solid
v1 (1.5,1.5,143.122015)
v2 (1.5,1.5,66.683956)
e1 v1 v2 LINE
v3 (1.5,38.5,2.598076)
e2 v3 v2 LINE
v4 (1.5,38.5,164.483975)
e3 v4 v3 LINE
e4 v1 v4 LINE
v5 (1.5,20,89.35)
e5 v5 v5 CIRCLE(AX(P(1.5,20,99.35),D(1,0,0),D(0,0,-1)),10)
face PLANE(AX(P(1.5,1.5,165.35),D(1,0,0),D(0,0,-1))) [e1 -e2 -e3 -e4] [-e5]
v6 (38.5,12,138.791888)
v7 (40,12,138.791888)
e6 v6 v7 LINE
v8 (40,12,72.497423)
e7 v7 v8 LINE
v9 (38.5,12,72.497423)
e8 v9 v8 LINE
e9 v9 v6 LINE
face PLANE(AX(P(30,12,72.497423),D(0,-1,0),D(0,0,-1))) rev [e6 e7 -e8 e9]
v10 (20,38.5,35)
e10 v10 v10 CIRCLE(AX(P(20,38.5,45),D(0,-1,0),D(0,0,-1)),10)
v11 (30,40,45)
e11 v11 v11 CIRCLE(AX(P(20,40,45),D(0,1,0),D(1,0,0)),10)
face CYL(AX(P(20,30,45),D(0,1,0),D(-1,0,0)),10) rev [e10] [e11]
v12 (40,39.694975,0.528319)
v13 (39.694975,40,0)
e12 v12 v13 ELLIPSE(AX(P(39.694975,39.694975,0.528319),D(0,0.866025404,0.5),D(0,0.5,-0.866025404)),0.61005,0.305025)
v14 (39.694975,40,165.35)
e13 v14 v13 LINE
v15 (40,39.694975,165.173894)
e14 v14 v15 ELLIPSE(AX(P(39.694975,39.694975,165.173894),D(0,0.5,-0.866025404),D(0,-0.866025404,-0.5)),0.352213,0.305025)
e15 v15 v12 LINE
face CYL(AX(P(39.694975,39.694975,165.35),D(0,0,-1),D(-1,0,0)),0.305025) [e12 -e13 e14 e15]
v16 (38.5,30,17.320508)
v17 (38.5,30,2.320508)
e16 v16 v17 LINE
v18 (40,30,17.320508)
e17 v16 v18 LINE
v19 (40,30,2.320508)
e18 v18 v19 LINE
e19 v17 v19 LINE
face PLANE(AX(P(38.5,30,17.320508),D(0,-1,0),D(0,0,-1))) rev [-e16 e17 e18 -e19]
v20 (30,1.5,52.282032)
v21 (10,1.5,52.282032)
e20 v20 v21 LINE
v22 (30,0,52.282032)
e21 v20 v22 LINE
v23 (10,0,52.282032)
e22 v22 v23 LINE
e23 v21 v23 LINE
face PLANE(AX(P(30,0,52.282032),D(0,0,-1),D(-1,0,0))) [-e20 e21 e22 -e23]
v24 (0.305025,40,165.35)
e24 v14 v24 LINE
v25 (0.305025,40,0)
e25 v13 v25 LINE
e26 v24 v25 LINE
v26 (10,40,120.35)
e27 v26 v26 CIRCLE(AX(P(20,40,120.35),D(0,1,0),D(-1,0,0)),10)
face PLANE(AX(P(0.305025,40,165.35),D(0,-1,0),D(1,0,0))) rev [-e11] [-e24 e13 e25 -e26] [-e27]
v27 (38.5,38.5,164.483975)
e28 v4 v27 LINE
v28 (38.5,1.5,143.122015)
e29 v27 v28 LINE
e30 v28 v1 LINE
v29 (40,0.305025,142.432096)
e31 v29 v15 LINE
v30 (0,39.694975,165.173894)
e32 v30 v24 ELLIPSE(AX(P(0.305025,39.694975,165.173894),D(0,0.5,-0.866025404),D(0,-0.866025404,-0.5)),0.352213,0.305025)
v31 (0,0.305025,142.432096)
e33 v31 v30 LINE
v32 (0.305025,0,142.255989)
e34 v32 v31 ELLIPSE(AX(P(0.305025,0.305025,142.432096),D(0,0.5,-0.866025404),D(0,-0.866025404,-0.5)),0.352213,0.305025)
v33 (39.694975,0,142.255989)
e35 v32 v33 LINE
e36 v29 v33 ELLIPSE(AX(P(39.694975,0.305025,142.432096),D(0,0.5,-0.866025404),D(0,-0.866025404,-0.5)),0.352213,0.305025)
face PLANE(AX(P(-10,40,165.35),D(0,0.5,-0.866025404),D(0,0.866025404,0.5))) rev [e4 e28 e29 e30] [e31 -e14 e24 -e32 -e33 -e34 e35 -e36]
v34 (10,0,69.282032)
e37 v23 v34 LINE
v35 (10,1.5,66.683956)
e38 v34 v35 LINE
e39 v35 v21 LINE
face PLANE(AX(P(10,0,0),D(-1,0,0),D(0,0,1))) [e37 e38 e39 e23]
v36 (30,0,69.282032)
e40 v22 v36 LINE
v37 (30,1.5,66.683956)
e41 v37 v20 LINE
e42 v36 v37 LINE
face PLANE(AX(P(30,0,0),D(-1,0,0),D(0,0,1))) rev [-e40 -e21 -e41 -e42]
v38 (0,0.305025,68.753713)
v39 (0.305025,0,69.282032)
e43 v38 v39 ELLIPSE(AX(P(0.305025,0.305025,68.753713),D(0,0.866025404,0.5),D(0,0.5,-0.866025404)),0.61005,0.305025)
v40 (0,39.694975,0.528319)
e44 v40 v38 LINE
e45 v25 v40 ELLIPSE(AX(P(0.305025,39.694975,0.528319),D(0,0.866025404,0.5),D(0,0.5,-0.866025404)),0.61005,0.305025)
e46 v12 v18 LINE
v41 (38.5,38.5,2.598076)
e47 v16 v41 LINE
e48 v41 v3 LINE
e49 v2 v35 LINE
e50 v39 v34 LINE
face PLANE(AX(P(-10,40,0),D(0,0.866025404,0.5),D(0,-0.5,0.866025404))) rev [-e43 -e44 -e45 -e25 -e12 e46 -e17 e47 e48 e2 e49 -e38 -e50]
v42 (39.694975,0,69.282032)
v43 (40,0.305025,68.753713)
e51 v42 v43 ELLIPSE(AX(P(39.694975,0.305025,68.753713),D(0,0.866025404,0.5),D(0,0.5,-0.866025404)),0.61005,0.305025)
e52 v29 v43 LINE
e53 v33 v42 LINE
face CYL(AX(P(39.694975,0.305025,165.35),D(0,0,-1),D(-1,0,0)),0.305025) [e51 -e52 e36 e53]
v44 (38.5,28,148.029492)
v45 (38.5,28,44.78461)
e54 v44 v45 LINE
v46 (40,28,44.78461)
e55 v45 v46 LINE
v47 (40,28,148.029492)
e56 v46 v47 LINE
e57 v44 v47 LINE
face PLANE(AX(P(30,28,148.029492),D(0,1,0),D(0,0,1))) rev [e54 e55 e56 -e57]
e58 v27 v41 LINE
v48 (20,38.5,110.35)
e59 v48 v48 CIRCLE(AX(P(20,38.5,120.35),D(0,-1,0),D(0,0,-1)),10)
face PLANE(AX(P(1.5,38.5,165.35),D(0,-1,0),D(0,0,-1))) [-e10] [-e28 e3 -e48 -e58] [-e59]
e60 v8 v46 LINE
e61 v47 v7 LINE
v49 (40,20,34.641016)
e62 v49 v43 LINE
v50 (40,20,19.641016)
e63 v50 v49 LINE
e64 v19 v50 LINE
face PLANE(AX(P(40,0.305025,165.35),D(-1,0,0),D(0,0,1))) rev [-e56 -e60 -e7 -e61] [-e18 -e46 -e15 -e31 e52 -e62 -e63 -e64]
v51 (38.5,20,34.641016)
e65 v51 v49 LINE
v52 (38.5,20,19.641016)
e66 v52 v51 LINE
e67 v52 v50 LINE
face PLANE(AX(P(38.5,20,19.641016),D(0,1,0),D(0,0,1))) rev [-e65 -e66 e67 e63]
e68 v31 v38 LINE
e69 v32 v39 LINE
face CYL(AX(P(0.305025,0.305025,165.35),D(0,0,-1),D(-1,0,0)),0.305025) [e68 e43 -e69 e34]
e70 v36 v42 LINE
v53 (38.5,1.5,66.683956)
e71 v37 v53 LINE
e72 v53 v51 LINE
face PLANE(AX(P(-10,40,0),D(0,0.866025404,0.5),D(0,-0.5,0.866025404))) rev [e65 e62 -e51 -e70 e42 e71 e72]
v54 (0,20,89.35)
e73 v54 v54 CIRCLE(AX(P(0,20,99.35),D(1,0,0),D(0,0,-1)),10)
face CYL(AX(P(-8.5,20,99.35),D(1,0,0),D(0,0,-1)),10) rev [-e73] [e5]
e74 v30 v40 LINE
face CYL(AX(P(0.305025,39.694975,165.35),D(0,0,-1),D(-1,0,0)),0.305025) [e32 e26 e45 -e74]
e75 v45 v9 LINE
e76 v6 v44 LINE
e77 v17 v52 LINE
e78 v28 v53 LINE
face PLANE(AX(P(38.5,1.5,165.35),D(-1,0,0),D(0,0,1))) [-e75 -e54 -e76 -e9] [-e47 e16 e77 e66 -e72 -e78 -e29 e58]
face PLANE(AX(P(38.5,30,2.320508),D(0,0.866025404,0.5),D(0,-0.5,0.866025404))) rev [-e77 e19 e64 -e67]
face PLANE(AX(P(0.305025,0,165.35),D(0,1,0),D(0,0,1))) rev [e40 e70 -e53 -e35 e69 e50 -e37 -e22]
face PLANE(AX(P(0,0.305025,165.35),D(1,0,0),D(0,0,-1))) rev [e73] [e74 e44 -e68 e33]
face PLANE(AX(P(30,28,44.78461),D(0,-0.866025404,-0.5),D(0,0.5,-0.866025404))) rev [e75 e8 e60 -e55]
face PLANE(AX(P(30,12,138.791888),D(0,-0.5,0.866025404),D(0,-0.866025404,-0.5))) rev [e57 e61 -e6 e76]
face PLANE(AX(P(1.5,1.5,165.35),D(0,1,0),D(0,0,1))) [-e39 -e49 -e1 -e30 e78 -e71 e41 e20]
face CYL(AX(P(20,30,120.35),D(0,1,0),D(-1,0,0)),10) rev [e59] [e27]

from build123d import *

# Parameters (mm, degrees)
SKETCH1_W           = 37
SKETCH1_H           = 37
BOSS_EXTRUDE1_DEPTH = 165.35
CUT_EXTRUDE1_DEPTH  = 50
BOSS_EXTRUDE2_START = -10
BOSS_EXTRUDE2_DEPTH = 20
BOSS_EXTRUDE3_START = -40
BOSS_EXTRUDE3_DEPTH = 1.5
CUT_EXTRUDE2_DEPTH  = 10
SKETCH6_R           = 10
CUT_EXTRUDE3_DEPTH  = 10
SKETCH7_R           = 10
CUT_EXTRUDE4_DEPTH  = 10


with BuildPart() as part:
    # Sketch1 → Boss-Extrude1 (new body)
    with BuildSketch(Plane.XY):
        with BuildLine():
            Line((0.305025041, 0), (39.694974959, 0))
            ThreePointArc((39.694974959, 0), (39.910660234, 0.089339766), (40, 0.305025041))
            Line((40, 0.305025041), (40, 39.694974959))
            ThreePointArc((40, 39.694974959), (39.910660234, 39.910660234), (39.694974959, 40))
            Line((39.694974959, 40), (0.305025041, 40))
            ThreePointArc((0.305025041, 40), (0.089339766, 39.910660234), (0, 39.694974959))
            Line((0, 39.694974959), (0, 0.305025041))
            ThreePointArc((0, 0.305025041), (0.089339766, 0.089339766), (0.305025041, 0))
        make_face()
        with Locations((20, 20)):
            Rectangle(SKETCH1_W, SKETCH1_H, mode=Mode.SUBTRACT)
    extrude(amount=BOSS_EXTRUDE1_DEPTH)

    # Sketch2 → Cut-Extrude1 (cut)
    with BuildSketch(Plane(origin=(40, 0, 0), x_dir=(0, 0, -1), z_dir=(1, 0, 0))):
        Polygon((0, 40), (-69.282032303, 0), (0, 0), align=None)
        Polygon((-165.35, 40), (-142.255989232, 0), (-165.35, 0), align=None)
    extrude(amount=-CUT_EXTRUDE1_DEPTH, mode=Mode.SUBTRACT)

    # Sketch3 → Boss-Extrude2 (add)
    with BuildSketch(Plane.ZY.offset(BOSS_EXTRUDE2_START)):
        Polygon((69.282032303, 0), (52.282032303, 0), (52.282032303, 1.5), (66.683956091, 1.5), align=None)
    extrude(amount=-BOSS_EXTRUDE2_DEPTH)

    # Sketch4 → Boss-Extrude3 (add)
    with BuildSketch(Plane.ZY.offset(BOSS_EXTRUDE3_START)):
        Polygon((2.320508076, 30), (19.641016151, 20), (34.641016151, 20), (17.320508076, 30), align=None)
    extrude(amount=BOSS_EXTRUDE3_DEPTH)

    # Sketch5 → Cut-Extrude2 (cut)
    with BuildSketch(Plane(origin=(40, 0, 0), x_dir=(0, 0, -1), z_dir=(1, 0, 0))):
        Polygon((-44.784609691, 28), (-72.497422612, 12), (-138.791887617, 12), (-148.029491924, 28), align=None)
    extrude(amount=-CUT_EXTRUDE2_DEPTH, mode=Mode.SUBTRACT)

    # Sketch6 → Cut-Extrude3 (cut)
    with BuildSketch(Plane(origin=(0, 40, 0), x_dir=(1, 0, 0), z_dir=(0, 1, 0))):
        with Locations(Location((20, -120.35, 0), (0, 0, 180))):
            Circle(SKETCH6_R)
        with Locations(Location((20, -45, 0), (0, 0, 90))):
            Circle(SKETCH6_R)
    extrude(amount=-CUT_EXTRUDE3_DEPTH, mode=Mode.SUBTRACT)

    # Sketch7 → Cut-Extrude4 (cut)
    with BuildSketch(Plane(origin=(1.5, 0, 0), x_dir=(0, 0, -1), z_dir=(1, 0, 0))):
        with Locations((-99.35, 20)):
            Circle(SKETCH7_R)
    extrude(amount=-CUT_EXTRUDE4_DEPTH, mode=Mode.SUBTRACT)


solid = part.part
